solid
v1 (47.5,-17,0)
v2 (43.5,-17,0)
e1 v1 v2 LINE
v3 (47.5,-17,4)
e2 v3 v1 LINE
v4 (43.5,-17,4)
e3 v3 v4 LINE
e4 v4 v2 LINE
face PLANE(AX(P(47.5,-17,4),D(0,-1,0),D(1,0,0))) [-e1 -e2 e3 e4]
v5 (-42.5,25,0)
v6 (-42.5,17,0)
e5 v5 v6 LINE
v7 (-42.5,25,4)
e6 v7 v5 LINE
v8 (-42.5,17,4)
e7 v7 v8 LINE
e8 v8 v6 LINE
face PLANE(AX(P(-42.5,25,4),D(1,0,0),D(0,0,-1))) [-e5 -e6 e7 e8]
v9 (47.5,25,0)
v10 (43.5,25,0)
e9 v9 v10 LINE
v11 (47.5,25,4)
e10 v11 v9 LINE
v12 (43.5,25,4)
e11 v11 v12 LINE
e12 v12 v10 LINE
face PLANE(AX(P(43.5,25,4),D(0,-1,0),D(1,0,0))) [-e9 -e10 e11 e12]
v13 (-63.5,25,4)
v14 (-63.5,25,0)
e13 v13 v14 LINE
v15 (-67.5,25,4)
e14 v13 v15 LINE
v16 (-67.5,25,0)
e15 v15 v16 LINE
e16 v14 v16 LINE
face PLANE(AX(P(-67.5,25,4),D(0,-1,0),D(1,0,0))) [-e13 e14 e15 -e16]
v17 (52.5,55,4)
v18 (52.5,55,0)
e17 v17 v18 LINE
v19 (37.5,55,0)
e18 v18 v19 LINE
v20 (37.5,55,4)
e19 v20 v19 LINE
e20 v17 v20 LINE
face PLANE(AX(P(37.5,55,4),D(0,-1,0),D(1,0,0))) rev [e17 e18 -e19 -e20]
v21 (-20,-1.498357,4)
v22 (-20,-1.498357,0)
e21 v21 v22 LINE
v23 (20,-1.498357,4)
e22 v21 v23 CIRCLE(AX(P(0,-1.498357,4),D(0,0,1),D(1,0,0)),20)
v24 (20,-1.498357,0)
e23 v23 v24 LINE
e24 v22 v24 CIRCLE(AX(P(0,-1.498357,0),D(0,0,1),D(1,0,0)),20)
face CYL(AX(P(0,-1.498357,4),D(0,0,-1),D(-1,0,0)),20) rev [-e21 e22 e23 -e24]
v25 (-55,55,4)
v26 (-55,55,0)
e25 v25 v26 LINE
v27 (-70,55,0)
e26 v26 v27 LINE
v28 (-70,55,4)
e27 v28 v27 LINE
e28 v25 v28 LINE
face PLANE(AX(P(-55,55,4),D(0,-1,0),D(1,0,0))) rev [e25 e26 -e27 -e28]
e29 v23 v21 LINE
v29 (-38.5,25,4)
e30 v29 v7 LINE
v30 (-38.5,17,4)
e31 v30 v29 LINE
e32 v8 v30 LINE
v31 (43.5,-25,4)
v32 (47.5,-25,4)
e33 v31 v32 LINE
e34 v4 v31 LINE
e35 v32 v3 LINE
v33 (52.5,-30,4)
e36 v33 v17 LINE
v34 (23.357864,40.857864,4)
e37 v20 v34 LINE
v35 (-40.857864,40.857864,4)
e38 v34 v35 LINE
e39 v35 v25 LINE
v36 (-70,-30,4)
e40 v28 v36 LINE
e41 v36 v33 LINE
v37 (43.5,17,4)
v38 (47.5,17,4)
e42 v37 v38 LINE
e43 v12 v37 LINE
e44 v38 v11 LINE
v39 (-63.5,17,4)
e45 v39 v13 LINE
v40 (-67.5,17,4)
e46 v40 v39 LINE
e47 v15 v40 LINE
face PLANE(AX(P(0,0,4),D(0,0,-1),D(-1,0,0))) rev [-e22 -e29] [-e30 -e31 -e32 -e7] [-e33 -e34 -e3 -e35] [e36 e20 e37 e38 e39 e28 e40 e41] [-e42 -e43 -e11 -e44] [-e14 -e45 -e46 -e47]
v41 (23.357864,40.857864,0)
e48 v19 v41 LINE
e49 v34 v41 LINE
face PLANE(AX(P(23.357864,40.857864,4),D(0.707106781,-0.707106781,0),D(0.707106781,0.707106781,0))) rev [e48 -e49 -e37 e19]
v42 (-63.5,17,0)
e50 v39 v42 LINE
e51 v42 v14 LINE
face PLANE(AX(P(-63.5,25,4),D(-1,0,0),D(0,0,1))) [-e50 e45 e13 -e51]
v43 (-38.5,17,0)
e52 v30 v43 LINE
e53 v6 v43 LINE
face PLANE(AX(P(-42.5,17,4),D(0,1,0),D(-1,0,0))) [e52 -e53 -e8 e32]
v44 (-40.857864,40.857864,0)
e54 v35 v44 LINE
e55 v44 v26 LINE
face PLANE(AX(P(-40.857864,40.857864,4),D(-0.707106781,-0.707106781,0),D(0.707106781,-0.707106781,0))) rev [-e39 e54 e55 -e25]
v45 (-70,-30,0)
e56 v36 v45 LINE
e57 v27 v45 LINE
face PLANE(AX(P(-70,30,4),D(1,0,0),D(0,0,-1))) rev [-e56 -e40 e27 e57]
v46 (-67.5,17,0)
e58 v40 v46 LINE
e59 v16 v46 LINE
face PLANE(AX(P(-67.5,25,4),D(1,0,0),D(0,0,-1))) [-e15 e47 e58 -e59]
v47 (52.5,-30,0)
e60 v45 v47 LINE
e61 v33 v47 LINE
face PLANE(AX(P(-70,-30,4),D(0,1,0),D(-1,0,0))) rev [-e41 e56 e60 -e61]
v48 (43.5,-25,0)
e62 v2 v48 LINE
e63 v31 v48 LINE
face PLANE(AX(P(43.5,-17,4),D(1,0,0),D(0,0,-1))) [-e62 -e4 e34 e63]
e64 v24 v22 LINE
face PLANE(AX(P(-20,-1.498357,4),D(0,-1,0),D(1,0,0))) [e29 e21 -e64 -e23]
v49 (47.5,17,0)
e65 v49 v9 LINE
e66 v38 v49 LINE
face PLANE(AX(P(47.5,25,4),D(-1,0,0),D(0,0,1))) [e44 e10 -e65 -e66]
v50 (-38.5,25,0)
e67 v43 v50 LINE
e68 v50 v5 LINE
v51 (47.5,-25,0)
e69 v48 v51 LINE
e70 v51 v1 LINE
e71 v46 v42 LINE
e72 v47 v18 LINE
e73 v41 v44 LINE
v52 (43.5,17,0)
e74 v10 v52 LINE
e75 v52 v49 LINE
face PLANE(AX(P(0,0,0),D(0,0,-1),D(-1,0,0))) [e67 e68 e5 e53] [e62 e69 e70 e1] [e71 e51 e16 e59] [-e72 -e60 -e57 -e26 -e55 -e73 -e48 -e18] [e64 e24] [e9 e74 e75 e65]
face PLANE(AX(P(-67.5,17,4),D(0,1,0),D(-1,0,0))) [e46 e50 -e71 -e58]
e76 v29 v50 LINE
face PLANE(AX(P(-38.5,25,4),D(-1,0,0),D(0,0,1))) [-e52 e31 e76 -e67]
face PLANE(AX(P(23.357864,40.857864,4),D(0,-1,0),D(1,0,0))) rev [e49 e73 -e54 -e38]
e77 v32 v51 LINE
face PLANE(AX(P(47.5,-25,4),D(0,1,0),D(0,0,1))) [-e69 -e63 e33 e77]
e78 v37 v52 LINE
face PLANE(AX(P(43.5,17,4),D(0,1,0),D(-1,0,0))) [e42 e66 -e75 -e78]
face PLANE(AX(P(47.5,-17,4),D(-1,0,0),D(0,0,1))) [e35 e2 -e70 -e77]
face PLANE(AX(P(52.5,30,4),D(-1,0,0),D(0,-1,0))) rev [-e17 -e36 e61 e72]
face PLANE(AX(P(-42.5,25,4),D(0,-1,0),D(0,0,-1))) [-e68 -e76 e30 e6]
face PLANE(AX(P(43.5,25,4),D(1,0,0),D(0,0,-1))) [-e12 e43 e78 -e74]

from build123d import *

# Parameters (mm, degrees)
SKETCH1_W           = 122.5
SKETCH1_H           = 60
SKETCH1_W_2         = 4
SKETCH1_H_2         = 8
BOSS_EXTRUDE1_DEPTH = 4
BOSS_EXTRUDE2_DEPTH = 4


with BuildPart() as part:
    # Sketch1 → Boss-Extrude1 (new body)
    with BuildSketch(Plane.XY):
        with Locations((-8.75, 0)):
            Rectangle(SKETCH1_W, SKETCH1_H)
        with BuildLine():
            Line((-20, -1.498357325), (20, -1.498357325))
            ThreePointArc((20, -1.498357325), (0, -21.498357325), (-20, -1.498357325))
        make_face(mode=Mode.SUBTRACT)
        with Locations((-40.5, 21)):
            Rectangle(SKETCH1_W_2, SKETCH1_H_2, mode=Mode.SUBTRACT)
        with Locations((45.5, 21)):
            Rectangle(SKETCH1_W_2, SKETCH1_H_2, mode=Mode.SUBTRACT)
        with Locations((45.5, -21)):
            Rectangle(SKETCH1_W_2, SKETCH1_H_2, mode=Mode.SUBTRACT)
        with Locations((-65.5, 21)):
            Rectangle(SKETCH1_W_2, SKETCH1_H_2, mode=Mode.SUBTRACT)
    extrude(amount=BOSS_EXTRUDE1_DEPTH)

    # Sketch2 → Boss-Extrude2 (add)
    with BuildSketch(Plane.XY):
        Polygon((-70, 30), (52.5, 30), (52.5, 55), (37.5, 55), (23.357864376, 40.857864376), (-40.857864376, 40.857864376), (-55, 55), (-70, 55), align=None)
    extrude(amount=BOSS_EXTRUDE2_DEPTH)


solid = part.part
